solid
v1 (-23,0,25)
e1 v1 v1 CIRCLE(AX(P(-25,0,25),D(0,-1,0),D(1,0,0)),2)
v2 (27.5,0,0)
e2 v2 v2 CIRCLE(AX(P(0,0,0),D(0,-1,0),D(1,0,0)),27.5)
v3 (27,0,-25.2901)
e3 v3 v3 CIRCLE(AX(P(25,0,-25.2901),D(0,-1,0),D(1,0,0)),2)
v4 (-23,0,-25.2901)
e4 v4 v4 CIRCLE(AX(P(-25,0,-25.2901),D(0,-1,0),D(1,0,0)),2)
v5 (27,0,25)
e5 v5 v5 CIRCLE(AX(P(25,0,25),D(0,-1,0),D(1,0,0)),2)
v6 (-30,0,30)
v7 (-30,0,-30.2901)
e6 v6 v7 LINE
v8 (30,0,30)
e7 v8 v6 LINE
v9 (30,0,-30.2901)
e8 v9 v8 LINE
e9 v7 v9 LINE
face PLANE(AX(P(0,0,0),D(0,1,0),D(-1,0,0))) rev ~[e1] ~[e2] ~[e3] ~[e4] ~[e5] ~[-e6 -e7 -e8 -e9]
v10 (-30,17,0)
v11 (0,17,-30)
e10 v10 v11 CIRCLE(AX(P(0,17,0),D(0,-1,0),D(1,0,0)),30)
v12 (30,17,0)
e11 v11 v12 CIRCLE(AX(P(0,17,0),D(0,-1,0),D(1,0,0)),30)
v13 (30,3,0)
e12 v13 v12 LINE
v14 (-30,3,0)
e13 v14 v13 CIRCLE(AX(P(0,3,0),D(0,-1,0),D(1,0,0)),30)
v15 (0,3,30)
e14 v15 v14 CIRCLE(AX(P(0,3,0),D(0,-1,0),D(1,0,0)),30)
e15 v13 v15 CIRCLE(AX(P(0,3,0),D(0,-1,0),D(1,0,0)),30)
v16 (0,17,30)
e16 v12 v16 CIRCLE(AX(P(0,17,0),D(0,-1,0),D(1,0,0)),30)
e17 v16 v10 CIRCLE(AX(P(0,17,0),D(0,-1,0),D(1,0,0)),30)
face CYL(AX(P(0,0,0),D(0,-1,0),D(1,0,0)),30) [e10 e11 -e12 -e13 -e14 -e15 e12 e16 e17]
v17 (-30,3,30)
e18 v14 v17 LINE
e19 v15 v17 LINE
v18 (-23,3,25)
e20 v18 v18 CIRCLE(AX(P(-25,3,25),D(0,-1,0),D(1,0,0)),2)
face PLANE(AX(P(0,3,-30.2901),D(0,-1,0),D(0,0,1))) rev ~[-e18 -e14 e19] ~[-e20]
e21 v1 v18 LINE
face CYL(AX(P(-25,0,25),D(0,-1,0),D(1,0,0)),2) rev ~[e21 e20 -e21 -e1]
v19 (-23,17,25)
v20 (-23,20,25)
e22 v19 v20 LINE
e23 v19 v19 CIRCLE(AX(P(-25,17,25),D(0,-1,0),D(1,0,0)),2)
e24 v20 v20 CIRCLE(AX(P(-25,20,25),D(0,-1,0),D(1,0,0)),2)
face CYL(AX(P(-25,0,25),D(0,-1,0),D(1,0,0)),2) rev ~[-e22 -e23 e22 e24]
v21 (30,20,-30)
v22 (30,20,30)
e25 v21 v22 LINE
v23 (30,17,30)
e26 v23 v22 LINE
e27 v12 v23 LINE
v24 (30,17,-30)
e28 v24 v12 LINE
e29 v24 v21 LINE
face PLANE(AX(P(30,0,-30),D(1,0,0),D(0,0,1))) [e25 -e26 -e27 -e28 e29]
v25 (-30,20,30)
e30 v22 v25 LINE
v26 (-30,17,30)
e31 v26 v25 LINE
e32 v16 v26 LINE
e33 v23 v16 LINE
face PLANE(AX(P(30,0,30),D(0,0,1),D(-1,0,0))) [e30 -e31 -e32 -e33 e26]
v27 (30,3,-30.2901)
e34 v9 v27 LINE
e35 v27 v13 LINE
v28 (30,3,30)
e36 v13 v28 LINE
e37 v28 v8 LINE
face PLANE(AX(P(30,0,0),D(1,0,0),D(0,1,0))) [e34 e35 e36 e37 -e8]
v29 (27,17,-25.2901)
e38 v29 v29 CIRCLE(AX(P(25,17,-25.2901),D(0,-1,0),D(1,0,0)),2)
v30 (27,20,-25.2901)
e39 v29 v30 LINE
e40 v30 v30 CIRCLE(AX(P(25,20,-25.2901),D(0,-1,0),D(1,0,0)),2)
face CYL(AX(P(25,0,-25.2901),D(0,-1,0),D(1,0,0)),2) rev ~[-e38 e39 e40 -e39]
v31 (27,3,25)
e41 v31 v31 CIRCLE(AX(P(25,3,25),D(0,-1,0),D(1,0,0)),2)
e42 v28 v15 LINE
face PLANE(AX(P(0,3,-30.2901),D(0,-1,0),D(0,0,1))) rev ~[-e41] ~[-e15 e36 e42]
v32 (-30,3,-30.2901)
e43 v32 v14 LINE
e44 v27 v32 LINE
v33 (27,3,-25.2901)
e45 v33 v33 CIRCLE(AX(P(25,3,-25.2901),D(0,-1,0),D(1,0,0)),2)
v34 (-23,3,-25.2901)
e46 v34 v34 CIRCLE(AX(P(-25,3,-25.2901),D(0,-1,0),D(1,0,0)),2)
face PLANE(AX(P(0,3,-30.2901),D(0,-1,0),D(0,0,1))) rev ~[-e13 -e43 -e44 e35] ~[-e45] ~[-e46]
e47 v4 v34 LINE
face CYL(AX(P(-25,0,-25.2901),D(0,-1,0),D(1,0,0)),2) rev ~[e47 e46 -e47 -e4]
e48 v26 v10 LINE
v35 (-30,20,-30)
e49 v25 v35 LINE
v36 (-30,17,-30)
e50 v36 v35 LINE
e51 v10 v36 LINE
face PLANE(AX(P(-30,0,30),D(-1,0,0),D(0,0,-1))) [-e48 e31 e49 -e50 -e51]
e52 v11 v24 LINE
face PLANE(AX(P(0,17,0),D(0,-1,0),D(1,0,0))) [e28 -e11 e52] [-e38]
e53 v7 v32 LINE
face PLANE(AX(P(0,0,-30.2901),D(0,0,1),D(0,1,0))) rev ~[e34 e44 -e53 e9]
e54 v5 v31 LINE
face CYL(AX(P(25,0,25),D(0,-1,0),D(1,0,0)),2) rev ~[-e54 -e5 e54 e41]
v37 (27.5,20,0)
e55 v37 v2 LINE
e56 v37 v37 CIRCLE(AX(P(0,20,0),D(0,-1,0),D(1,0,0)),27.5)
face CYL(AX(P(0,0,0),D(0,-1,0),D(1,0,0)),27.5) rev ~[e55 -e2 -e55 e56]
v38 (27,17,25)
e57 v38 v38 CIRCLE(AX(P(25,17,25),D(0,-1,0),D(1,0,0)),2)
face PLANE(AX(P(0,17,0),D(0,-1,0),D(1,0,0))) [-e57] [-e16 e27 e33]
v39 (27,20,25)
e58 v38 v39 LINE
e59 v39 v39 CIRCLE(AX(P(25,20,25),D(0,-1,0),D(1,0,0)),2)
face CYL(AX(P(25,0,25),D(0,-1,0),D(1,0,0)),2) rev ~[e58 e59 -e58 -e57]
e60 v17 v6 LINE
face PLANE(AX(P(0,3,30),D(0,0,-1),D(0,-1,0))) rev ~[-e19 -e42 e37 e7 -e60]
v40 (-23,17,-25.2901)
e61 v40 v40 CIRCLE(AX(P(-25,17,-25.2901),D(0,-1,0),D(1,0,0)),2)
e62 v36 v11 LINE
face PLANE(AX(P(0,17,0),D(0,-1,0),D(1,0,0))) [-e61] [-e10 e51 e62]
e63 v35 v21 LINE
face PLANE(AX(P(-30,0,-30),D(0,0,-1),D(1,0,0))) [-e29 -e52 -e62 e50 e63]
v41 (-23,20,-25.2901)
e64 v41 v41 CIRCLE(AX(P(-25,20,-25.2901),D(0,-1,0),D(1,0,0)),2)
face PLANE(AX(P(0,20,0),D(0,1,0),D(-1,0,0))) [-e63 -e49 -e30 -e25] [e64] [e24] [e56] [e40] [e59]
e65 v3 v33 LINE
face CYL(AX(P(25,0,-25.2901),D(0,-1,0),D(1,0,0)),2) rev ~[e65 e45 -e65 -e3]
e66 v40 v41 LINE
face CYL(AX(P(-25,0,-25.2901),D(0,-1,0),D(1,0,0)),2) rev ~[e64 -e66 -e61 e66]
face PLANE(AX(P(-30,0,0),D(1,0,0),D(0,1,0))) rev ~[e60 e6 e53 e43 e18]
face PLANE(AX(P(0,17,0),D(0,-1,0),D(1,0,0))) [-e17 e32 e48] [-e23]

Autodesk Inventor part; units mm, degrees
ref_plane "YZ Plane" through (0, 0, 0) normal (1, 0, 0) x (0, 1, 0)
ref_plane "XZ Plane" through (0, 0, 0) normal (0, 1, 0) x (-1, 0, 0)
ref_plane "XY Plane" through (0, 0, 0) normal (0, 0, 1) x (1, 0, 0)
sketch "Sketch1" plane through (0, 0, 0) normal (0, 1, 0) x (-1, 0, 0)
  line L0 (30, -30) -> (-30, -30)
  line L1 (-30, -30) -> (-30, 30)
  line L2 (-30, 30) -> (30, 30)
  line L3 (30, 30) -> (30, -30)
  line L4 (30, -30) -> (-30, 30) construction
  line L5 (-30, -30) -> (30, 30) construction
  point P0 (0, 0)
  dimension "d0" = 60
  dimension "d1" = 60
extrude "Extrusion1" add sketch "Sketch1" along normal blind 20
sketch "Sketch2" plane through (0, 0, 0) normal (0, -1, 0) x (1, 0, 0)
  circle A0 centre (0, 0) radius 27.5
  dimension "d4" = 55
extrude "Extrusion2" cut sketch "Sketch2" against normal blind 20
sketch "Sketch3" plane through (0, 0, 0) normal (0, -1, 0) x (1, 0, 0)
  circle A0 centre (0, 0) radius 30
  line L0 (-30, -30) -> (30, -30)
  line L1 (30, -30) -> (30, 30)
  line L2 (30, 30) -> (-30, 30)
  line L3 (-30, 30) -> (-30, -30)
  line L4 (-30, -30) -> (30, 30) construction
  line L5 (30, -30) -> (-30, 30) construction
extrude "Extrusion3" cut sketch "Sketch3" against normal blind 17 contours L1 L0 A0 | A0 L2 L1 | A0 L3 L2 | L0 L3 A0
sketch "Sketch4" plane through (0, 0, 0) normal (1, 0, 0) x (0, 1, 0)
  line L0 (0, 30) -> (0, -30) projected
  line L1 (0, -30.2901) -> (3, -30.2901)
  line L2 (3, -30.2901) -> (3, 30)
  line L3 (3, 30) -> (0, 30)
  line L4 (0, 30) -> (0, -30.2901)
  point P0 (0, 0)
  dimension "d9" = 3
extrude "Extrusion4" add sketch "Sketch4" along normal mid plane 60
sketch "Sketch5" plane through (0, 0, 0) normal (0, -1, 0) x (1, 0, 0)
  circle A0 centre (0, 0) radius 27.5
extrude "Extrusion5" cut sketch "Sketch5" against normal blind 60
sketch "Sketch6" plane through (0, 0, 0) normal (0, -1, 0) x (1, 0, 0)
  circle A0 centre (25, -25.2901) radius 2
  circle A1 centre (-25, -25.2901) radius 2
  circle A2 centre (-25, 25) radius 2
  circle A3 centre (25, 25) radius 2
  line L0 (30, 30) -> (30, -30.2901) projected
  line L1 (-30, 30) -> (30, 30) projected
  line L2 (30, -30.2901) -> (-30, -30.2901) projected
  line L3 (-30, -30.2901) -> (-30, 30) projected
  point P0 (0, 0)
  dimension "d14" = 4
  dimension "d15" = 4
  dimension "d16" = 4
  dimension "d17" = 4
  dimension "d18" = 5
  dimension "d19" = 5
  dimension "d20" = 5
  dimension "d21" = 5
  dimension "d22" = 5
  dimension "d23" = 5
  dimension "d24" = 5
  dimension "d25" = 5
extrude "Extrusion6" cut sketch "Sketch6" against normal blind 60 keep common part
properties part number "ventilator"
